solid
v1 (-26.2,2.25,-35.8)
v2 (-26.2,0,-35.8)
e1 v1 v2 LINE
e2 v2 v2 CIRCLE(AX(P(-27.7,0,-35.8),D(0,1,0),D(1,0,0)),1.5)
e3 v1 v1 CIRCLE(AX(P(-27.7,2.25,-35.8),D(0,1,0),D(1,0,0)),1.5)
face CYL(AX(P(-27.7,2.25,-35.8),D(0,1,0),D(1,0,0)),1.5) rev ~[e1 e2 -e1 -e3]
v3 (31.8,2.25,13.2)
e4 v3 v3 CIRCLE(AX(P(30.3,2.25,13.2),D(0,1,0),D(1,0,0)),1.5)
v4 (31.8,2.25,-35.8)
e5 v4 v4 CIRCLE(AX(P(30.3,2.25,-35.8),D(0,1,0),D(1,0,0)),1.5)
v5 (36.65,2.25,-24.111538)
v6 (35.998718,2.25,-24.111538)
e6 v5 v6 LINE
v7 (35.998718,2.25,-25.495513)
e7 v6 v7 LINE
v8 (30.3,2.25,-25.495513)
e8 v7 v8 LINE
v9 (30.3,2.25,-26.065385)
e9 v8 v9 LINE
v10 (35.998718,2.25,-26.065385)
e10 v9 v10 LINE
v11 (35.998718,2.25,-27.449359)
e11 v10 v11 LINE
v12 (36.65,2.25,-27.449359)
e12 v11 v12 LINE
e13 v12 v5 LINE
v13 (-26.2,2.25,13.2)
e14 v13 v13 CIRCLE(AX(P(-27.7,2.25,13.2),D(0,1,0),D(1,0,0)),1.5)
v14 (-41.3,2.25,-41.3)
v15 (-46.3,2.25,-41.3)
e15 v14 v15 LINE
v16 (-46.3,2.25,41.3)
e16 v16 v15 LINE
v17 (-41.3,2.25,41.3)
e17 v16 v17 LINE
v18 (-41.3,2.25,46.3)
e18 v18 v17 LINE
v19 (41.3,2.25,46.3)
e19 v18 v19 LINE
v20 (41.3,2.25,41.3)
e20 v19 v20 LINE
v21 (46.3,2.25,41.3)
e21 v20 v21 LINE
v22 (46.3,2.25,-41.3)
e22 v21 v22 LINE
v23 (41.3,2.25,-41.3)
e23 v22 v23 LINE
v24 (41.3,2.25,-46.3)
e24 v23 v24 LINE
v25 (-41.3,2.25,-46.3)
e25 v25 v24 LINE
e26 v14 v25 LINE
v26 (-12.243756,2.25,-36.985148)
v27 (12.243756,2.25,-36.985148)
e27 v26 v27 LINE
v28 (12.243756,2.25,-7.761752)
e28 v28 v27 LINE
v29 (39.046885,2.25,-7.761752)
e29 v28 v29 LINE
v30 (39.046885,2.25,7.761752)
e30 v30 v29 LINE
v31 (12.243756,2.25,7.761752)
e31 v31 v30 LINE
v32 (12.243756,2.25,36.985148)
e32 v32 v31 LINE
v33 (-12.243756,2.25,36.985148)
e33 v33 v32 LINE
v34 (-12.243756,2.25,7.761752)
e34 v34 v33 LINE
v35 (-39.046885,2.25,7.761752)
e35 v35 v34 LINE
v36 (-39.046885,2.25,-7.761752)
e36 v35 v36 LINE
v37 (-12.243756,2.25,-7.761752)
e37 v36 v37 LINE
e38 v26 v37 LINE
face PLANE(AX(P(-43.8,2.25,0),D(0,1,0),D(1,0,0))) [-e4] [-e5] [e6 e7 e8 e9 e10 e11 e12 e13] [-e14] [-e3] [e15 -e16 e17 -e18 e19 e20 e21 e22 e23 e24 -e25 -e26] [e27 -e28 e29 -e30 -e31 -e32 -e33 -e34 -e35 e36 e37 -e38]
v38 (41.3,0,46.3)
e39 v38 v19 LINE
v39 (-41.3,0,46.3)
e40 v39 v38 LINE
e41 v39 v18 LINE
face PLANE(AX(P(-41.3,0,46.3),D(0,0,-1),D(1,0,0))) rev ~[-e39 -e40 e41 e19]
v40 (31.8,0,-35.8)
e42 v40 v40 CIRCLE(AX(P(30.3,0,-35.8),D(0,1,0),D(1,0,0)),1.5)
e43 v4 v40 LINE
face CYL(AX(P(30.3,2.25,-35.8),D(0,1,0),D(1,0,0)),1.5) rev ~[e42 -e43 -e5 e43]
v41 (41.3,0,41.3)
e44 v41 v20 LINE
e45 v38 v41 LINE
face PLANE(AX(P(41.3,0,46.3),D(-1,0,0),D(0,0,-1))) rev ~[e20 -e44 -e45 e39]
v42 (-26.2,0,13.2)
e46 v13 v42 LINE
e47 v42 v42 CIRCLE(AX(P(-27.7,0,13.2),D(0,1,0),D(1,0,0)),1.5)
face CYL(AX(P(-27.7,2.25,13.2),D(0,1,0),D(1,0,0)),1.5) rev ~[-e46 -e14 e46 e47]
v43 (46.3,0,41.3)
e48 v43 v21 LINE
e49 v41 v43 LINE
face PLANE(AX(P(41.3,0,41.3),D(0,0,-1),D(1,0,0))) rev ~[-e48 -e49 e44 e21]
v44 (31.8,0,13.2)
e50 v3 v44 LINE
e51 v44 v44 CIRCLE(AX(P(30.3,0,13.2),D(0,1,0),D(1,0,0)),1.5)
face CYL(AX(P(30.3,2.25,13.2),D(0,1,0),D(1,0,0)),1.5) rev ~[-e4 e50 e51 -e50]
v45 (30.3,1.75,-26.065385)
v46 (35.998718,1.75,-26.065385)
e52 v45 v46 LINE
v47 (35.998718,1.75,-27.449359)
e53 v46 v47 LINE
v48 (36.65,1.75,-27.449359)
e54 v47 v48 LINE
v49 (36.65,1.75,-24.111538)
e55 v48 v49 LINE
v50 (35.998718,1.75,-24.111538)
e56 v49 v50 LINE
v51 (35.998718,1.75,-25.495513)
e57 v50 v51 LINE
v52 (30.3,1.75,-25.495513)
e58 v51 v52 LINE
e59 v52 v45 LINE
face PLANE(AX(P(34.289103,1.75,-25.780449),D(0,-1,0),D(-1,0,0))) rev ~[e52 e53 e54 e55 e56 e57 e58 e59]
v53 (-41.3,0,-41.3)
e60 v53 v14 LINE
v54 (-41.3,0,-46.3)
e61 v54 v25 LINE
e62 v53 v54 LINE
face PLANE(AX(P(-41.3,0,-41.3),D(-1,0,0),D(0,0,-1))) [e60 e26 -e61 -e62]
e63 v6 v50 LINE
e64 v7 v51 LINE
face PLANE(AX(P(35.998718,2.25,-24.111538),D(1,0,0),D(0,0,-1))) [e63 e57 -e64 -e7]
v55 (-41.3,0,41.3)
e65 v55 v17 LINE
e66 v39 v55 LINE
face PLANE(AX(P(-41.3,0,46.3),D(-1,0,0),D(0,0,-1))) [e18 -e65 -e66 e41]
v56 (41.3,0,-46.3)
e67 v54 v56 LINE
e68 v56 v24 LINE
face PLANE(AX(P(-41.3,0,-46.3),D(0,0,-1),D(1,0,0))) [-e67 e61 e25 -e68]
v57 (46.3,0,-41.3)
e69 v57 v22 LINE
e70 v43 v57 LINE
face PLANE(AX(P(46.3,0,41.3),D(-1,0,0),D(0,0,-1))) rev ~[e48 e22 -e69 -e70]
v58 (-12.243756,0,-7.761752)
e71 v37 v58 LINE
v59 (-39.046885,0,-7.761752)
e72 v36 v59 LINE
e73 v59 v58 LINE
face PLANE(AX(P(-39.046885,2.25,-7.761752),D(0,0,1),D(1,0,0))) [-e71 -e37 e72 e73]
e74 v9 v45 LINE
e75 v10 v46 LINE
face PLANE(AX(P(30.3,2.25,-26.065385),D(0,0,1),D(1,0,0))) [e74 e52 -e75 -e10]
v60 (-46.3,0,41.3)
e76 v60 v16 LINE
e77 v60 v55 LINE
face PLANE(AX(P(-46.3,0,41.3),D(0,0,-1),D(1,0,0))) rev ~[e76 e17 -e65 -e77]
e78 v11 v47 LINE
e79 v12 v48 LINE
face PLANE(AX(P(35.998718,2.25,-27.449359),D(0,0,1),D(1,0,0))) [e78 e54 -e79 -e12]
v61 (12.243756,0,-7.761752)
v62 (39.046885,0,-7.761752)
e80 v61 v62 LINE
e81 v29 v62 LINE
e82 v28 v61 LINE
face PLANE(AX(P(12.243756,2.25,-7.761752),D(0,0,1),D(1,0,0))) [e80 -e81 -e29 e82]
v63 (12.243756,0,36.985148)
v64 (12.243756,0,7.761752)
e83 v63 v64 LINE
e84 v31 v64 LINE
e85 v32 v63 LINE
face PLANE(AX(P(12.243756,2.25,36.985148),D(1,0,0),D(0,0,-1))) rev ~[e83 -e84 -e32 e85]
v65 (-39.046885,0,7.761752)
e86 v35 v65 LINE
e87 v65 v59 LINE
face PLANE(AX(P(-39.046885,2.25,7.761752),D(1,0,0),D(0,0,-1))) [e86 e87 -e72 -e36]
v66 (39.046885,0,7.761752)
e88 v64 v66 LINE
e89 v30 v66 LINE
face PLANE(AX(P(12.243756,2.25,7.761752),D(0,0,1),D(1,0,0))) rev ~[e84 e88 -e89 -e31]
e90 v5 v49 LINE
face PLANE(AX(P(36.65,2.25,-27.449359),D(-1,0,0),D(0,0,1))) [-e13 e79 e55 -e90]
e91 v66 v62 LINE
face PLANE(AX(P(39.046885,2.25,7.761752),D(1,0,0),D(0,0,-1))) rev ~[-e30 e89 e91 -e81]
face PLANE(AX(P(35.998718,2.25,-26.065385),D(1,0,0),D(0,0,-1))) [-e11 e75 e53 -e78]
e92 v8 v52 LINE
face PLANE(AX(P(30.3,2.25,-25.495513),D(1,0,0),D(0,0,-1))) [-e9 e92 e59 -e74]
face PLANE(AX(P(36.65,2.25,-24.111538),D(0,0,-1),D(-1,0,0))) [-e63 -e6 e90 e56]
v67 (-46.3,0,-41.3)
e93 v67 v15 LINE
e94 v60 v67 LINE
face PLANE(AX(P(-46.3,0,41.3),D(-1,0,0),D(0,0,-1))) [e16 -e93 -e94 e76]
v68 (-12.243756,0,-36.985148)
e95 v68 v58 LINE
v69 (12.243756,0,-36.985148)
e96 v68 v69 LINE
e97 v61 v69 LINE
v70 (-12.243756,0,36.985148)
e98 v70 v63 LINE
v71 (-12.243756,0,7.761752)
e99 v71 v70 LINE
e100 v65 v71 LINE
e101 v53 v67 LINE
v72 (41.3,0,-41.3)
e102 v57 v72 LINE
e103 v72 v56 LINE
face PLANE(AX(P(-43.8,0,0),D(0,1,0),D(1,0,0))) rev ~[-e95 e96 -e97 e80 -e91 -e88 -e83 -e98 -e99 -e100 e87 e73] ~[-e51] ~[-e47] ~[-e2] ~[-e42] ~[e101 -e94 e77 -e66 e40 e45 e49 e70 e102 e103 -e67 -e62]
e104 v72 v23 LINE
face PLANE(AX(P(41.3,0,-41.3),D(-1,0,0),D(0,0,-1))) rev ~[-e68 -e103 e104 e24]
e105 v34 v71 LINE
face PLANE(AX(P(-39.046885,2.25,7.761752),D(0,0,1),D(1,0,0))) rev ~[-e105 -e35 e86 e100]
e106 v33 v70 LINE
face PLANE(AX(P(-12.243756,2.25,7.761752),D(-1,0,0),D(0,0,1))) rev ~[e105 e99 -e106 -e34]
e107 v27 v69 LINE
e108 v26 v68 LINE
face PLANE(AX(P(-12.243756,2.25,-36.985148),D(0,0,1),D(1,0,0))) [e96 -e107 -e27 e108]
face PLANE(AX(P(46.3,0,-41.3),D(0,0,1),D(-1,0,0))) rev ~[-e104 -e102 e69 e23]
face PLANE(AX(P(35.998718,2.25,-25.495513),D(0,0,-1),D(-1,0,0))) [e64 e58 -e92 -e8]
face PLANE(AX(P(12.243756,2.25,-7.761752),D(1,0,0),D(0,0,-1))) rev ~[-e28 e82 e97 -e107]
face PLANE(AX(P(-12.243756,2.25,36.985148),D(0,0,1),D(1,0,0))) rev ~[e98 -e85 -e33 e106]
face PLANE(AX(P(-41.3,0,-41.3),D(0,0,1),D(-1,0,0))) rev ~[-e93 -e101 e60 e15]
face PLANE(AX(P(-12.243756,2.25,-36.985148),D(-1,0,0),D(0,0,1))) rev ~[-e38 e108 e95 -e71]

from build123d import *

# Parameters (mm, degrees)
SKETCH2_W           = 5
SKETCH2_H           = 82.6
SKETCH2_W_2         = 82.6
SKETCH2_H_2         = 5
BOSS_EXTRUDE1_DEPTH = 2.25
SKETCH5_R           = 1.5
CUT_EXTRUDE3_DEPTH  = 10
SKETCH6_W           = 24.487512306
SKETCH6_H           = 29.223395674
SKETCH6_H_2         = 15.523504638
SKETCH6_W_2         = 26.803129216
CUT_EXTRUDE4_DEPTH  = 10
CUT_EXTRUDE5_DEPTH  = 0.5


with BuildPart() as part:
    # Sketch2 → Boss-Extrude1 (new body)
    with BuildSketch(Plane(origin=(0, 0, 0), x_dir=(1, 0, 0), z_dir=(0, 1, 0))):
        with Locations((-43.8, 0)):
            Rectangle(SKETCH2_W, SKETCH2_H)
        Rectangle(SKETCH2_W_2, SKETCH2_H)
        with Locations((0, -43.8)):
            Rectangle(SKETCH2_W_2, SKETCH2_H_2)
        with Locations((43.8, 0)):
            Rectangle(SKETCH2_W, SKETCH2_H)
        with Locations((0, 43.8)):
            Rectangle(SKETCH2_W_2, SKETCH2_H_2)
    extrude(amount=BOSS_EXTRUDE1_DEPTH)

    # Sketch5 → Cut-Extrude3 (cut)
    with BuildSketch(Plane(origin=(0, 2.25, 0), x_dir=(1, 0, 0), z_dir=(0, 1, 0))):
        with Locations((-27.7, 35.8)):
            Circle(SKETCH5_R)
        with Locations((30.3, 35.8)):
            Circle(SKETCH5_R)
        with Locations((30.3, -13.2)):
            Circle(SKETCH5_R)
        with Locations((-27.7, -13.2)):
            Circle(SKETCH5_R)
    extrude(amount=-CUT_EXTRUDE3_DEPTH, mode=Mode.SUBTRACT)

    # Sketch6 → Cut-Extrude4 (cut)
    with BuildSketch(Plane(origin=(0, 2.25, 0), x_dir=(1, 0, 0), z_dir=(0, 1, 0))):
        with Locations((0, 22.373450156)):
            Rectangle(SKETCH6_W, SKETCH6_H)
        Rectangle(SKETCH6_W, SKETCH6_H_2)
        with Locations((25.645320761, 0)):
            Rectangle(SKETCH6_W_2, SKETCH6_H_2)
        with Locations((0, -22.373450156)):
            Rectangle(SKETCH6_W, SKETCH6_H)
        with Locations((-25.645320761, 0)):
            Rectangle(SKETCH6_W_2, SKETCH6_H_2)
    extrude(amount=-CUT_EXTRUDE4_DEPTH, mode=Mode.SUBTRACT)

    # Sketch7 → Cut-Extrude5 (cut)
    with BuildSketch(Plane(origin=(0, 2.25, 0), x_dir=(1, 0, 0), z_dir=(0, 1, 0))):
        Polygon((35.998717949, 27.449358974), (36.65, 27.449358974), (36.65, 24.111538462), (35.998717949, 24.111538462), (35.998717949, 25.495512821), (30.3, 25.495512821), (30.3, 26.065384615), (35.998717949, 26.065384615), align=None)
    extrude(amount=-CUT_EXTRUDE5_DEPTH, mode=Mode.SUBTRACT)


solid = part.part
